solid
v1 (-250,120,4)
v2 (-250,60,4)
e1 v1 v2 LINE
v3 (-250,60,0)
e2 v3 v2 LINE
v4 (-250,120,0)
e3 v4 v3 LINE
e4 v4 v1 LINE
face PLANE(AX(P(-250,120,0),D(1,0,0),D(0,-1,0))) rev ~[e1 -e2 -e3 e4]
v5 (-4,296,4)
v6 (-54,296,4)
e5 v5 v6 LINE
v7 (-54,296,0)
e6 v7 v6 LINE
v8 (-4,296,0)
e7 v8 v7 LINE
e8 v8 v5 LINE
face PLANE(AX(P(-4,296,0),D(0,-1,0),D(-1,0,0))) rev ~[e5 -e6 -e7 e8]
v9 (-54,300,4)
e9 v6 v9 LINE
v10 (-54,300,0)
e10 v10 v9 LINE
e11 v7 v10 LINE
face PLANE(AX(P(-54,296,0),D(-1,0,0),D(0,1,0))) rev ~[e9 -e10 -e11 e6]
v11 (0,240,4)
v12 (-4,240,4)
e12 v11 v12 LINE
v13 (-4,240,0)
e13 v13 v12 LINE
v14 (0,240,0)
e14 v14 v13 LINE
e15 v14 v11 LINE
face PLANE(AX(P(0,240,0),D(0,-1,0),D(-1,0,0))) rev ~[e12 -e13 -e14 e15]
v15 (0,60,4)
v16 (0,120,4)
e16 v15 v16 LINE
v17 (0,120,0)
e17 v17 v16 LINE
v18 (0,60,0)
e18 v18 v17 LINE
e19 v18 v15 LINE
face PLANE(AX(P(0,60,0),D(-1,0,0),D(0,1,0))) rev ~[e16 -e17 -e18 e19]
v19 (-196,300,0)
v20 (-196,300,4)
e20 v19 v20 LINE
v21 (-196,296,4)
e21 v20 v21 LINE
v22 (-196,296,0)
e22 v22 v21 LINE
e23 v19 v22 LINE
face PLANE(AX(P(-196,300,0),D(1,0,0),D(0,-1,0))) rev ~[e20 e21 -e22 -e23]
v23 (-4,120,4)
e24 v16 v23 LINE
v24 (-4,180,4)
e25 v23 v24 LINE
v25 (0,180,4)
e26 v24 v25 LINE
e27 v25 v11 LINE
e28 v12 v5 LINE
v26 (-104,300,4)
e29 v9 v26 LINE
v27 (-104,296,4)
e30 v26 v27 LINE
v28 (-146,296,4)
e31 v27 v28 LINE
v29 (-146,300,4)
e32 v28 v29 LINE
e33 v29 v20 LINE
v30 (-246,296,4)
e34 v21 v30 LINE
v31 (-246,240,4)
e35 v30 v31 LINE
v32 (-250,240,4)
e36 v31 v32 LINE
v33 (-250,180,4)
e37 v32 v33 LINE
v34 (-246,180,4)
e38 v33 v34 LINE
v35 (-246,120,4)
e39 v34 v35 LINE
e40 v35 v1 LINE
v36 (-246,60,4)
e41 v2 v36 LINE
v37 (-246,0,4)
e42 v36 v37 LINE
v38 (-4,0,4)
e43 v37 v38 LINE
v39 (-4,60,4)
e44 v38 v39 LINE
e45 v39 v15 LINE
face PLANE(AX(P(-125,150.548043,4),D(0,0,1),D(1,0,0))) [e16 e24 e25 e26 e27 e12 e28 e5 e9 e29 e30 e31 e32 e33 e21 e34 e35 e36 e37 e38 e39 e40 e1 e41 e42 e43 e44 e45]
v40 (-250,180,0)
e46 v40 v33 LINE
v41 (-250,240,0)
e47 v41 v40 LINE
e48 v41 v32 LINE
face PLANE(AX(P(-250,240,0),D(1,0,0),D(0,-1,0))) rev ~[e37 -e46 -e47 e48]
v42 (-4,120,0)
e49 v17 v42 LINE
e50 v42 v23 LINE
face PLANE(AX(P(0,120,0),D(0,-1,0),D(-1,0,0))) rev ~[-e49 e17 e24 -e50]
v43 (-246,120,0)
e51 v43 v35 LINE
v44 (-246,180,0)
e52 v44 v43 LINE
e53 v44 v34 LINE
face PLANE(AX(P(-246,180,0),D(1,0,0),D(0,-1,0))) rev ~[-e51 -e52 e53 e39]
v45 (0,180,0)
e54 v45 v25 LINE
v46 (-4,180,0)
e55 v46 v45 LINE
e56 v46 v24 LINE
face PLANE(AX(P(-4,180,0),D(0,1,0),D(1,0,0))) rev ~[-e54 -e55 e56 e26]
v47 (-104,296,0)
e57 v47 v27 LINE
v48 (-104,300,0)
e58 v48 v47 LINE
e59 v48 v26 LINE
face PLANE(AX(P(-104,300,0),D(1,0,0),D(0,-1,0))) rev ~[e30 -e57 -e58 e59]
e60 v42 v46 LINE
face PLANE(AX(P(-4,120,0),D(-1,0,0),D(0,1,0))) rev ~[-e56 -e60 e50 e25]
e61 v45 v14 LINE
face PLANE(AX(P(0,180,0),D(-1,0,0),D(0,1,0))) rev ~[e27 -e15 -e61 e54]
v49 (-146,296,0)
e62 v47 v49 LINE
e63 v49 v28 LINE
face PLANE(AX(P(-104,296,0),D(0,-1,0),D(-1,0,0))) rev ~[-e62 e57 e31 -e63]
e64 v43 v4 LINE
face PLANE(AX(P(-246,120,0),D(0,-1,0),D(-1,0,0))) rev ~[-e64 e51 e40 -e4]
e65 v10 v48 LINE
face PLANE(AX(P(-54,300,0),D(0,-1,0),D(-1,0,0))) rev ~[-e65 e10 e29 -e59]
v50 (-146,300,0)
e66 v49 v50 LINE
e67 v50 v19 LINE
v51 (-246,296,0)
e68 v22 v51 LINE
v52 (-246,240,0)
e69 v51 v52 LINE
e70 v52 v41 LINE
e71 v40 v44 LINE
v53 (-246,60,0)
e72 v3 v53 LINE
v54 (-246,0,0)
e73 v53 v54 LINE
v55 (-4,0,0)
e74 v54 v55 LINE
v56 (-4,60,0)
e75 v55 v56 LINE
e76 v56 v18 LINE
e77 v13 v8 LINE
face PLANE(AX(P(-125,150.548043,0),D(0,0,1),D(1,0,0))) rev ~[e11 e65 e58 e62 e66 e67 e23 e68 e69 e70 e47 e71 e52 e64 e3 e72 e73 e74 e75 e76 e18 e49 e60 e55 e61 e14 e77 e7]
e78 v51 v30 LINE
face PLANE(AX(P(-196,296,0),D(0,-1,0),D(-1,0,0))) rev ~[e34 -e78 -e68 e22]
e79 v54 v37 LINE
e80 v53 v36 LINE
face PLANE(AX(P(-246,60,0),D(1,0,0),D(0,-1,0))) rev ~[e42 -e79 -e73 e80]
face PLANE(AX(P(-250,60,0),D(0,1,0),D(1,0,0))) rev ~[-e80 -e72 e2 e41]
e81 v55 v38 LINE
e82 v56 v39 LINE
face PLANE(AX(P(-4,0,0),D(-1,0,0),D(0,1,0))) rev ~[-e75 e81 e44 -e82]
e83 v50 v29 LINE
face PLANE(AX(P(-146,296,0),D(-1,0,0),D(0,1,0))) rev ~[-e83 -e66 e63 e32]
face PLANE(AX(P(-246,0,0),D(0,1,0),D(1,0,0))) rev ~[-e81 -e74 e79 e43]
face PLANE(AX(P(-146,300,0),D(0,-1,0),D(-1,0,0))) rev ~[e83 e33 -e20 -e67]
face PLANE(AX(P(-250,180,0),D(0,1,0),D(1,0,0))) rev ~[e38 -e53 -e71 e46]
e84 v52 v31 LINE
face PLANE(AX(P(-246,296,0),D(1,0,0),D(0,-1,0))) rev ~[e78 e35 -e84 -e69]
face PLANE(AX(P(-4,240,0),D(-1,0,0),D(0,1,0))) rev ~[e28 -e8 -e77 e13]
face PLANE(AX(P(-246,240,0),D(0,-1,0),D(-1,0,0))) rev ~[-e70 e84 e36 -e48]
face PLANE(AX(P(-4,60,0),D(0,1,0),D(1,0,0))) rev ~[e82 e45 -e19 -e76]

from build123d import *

# Parameters (mm, degrees)
F1_DEPTH = 4


with BuildPart() as f1:
    # F0 (on Top) → F1 (new body)
    with BuildSketch(Plane.XY):
        Polygon((-246, 0), (-4, 0), (-4, 60), (0, 60), (0, 120), (-4, 120), (-4, 180), (0, 180), (0, 240), (-4, 240), (-4, 296), (-54, 296), (-54, 300), (-104, 300), (-104, 296), (-146, 296), (-146, 300), (-196, 300), (-196, 296), (-246, 296), (-246, 240), (-250, 240), (-250, 180), (-246, 180), (-246, 120), (-250, 120), (-250, 60), (-246, 60), align=None)
    extrude(amount=F1_DEPTH)


solid = f1.part
